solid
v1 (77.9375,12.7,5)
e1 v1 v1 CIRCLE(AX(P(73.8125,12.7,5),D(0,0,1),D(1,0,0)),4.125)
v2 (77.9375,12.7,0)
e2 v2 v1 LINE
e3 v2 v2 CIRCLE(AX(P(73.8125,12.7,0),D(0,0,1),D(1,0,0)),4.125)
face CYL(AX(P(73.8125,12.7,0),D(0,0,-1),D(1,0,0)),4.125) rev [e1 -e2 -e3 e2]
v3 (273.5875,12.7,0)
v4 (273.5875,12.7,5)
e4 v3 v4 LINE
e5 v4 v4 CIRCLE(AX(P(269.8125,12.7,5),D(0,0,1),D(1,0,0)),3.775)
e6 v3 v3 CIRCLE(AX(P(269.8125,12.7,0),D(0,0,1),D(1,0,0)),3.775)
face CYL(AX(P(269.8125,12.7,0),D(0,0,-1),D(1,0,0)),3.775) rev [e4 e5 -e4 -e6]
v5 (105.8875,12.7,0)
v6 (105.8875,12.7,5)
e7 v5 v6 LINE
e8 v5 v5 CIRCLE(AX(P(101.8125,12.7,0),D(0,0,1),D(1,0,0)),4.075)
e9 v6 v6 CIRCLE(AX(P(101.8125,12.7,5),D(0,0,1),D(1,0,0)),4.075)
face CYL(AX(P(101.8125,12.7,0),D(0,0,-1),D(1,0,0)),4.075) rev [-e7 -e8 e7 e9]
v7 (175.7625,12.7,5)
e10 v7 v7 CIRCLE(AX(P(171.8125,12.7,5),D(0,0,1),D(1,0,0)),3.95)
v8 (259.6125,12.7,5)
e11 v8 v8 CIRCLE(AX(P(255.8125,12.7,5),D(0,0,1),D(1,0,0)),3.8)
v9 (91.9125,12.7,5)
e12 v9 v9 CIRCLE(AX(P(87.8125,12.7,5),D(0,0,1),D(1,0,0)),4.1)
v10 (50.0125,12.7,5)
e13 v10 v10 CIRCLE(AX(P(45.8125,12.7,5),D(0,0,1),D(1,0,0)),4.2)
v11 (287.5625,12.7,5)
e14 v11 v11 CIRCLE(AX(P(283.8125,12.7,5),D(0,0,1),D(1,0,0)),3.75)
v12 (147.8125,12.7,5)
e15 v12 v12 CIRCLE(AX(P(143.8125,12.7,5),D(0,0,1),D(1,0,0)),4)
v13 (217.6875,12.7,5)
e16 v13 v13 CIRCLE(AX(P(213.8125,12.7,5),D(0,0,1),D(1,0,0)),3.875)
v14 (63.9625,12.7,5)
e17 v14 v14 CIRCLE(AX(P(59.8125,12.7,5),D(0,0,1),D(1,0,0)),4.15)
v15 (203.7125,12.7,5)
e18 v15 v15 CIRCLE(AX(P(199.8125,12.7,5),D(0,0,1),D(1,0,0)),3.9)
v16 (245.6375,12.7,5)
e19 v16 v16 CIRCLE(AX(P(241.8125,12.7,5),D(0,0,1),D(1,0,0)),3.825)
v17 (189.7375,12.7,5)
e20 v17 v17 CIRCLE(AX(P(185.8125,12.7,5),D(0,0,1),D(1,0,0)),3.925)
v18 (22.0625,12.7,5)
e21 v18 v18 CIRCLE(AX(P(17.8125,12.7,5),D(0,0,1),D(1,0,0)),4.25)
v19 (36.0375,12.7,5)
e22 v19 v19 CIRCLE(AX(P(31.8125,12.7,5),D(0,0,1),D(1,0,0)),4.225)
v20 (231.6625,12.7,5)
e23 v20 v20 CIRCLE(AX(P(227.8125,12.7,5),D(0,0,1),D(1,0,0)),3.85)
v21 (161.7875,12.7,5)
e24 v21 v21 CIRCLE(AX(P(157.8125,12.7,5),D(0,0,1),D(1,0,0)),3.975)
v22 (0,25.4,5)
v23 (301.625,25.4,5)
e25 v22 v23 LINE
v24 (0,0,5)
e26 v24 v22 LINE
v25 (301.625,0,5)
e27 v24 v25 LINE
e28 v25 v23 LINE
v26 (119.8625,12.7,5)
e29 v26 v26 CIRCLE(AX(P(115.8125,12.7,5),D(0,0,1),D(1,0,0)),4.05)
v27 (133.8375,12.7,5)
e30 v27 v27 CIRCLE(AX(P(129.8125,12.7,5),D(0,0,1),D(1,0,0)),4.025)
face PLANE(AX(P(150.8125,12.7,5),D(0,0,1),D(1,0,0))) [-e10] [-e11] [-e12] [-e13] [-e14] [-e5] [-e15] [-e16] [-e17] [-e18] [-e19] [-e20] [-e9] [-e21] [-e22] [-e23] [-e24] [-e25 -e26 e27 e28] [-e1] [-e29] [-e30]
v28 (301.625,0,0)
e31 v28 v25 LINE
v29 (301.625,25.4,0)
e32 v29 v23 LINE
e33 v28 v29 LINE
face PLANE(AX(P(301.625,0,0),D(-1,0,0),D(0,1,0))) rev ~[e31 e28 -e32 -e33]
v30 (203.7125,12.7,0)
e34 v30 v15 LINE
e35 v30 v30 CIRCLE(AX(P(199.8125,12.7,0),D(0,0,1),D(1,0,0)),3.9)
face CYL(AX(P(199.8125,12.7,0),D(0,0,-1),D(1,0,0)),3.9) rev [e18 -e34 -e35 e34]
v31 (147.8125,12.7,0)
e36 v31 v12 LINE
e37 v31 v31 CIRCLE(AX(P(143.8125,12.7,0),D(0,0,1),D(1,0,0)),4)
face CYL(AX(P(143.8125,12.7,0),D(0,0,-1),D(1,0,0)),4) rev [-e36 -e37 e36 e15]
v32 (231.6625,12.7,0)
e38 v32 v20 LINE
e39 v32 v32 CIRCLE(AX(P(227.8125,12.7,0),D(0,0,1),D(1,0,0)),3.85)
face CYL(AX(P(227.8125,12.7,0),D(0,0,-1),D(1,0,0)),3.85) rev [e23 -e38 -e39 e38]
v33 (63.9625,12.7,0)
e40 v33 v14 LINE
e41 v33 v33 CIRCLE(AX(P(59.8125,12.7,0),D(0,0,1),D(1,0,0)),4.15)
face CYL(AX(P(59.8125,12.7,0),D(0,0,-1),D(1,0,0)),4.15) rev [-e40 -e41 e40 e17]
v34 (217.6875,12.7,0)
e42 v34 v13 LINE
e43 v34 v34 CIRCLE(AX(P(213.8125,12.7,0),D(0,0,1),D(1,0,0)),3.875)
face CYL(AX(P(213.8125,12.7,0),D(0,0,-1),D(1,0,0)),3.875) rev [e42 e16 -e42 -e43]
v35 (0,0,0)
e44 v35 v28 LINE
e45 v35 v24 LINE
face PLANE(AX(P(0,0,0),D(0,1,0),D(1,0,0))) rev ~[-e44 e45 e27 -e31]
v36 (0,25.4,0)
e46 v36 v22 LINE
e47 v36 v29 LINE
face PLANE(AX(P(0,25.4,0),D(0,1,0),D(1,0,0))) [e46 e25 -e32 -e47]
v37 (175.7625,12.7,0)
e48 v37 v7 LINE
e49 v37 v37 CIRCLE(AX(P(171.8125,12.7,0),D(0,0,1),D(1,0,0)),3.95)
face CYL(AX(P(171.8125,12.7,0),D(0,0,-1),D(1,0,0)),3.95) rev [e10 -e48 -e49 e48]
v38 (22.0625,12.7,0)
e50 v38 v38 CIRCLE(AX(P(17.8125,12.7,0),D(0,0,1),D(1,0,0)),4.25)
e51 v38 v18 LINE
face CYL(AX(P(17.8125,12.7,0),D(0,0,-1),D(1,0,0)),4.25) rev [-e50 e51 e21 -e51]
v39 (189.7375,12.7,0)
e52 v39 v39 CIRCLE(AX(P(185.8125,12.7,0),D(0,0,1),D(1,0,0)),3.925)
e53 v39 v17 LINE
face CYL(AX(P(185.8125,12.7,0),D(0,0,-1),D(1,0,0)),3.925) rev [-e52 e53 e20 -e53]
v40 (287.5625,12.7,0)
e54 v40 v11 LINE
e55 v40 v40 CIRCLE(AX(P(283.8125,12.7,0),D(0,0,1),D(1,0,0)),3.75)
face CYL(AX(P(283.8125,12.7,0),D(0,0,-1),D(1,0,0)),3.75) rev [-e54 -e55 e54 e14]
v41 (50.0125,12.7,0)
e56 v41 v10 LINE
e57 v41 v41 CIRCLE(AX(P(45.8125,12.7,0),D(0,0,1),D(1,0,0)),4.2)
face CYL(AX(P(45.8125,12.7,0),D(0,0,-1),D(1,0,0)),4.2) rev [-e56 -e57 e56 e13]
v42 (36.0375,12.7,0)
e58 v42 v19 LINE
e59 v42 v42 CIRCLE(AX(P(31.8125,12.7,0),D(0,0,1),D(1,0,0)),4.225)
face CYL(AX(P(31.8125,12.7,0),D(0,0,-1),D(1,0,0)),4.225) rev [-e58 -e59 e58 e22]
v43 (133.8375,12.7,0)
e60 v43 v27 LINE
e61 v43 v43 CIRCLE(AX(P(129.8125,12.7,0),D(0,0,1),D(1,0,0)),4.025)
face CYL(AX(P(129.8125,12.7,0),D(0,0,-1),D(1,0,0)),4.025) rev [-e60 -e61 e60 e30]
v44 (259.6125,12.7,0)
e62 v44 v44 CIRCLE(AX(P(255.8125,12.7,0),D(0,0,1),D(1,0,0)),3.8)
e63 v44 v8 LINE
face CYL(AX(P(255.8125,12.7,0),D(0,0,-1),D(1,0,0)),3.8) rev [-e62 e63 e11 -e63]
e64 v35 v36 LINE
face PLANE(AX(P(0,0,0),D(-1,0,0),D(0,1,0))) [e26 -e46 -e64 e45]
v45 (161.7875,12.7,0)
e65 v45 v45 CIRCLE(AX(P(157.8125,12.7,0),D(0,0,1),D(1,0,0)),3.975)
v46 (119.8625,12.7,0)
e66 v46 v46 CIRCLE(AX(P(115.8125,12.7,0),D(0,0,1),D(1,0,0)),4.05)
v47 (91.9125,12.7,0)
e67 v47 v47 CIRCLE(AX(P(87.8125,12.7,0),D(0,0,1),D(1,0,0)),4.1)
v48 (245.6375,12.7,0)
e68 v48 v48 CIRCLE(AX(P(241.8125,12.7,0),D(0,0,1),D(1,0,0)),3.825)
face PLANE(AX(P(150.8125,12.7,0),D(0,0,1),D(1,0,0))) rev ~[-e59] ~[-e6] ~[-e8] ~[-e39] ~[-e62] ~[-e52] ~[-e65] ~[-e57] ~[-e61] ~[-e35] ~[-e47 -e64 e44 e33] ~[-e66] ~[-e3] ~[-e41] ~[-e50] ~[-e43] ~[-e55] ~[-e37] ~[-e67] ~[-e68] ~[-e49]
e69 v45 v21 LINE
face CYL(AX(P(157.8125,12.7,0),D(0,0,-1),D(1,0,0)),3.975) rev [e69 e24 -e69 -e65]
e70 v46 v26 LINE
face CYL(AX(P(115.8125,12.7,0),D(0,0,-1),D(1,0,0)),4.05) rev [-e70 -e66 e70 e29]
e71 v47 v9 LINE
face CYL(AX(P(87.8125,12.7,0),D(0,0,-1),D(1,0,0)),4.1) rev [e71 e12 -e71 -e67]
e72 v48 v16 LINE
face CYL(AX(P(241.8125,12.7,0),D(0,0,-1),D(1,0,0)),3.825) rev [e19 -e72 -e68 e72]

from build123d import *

# Parameters (mm, degrees)
F0_W     = 301.625
F0_H     = 25.4
F0_R     = 4.25
F0_R_2   = 4.225
F0_R_3   = 4.2
F0_R_4   = 4.15
F0_R_5   = 4.125
F0_R_6   = 4.1
F0_R_7   = 4.075
F0_R_8   = 4.05
F0_R_9   = 4.025
F0_R_10  = 4
F0_R_11  = 3.975
F0_R_12  = 3.95
F0_R_13  = 3.925
F0_R_14  = 3.9
F0_R_15  = 3.875
F0_R_16  = 3.85
F0_R_17  = 3.825
F0_R_18  = 3.8
F0_R_19  = 3.775
F0_R_20  = 3.75
F1_DEPTH = 5


with BuildPart() as f1:
    # F0 (on Top) → F1 (new body)
    with BuildSketch(Plane.XY):
        with Locations((150.8125, 12.7)):
            Rectangle(F0_W, F0_H)
        with Locations((17.8125, 12.7)):
            Circle(F0_R, mode=Mode.SUBTRACT)
        with Locations((31.8125, 12.7)):
            Circle(F0_R_2, mode=Mode.SUBTRACT)
        with Locations((45.8125, 12.7)):
            Circle(F0_R_3, mode=Mode.SUBTRACT)
        with Locations((59.8125, 12.7)):
            Circle(F0_R_4, mode=Mode.SUBTRACT)
        with Locations((73.8125, 12.7)):
            Circle(F0_R_5, mode=Mode.SUBTRACT)
        with Locations((87.8125, 12.7)):
            Circle(F0_R_6, mode=Mode.SUBTRACT)
        with Locations((101.8125, 12.7)):
            Circle(F0_R_7, mode=Mode.SUBTRACT)
        with Locations((115.8125, 12.7)):
            Circle(F0_R_8, mode=Mode.SUBTRACT)
        with Locations((129.8125, 12.7)):
            Circle(F0_R_9, mode=Mode.SUBTRACT)
        with Locations((143.8125, 12.7)):
            Circle(F0_R_10, mode=Mode.SUBTRACT)
        with Locations((157.8125, 12.7)):
            Circle(F0_R_11, mode=Mode.SUBTRACT)
        with Locations((171.8125, 12.7)):
            Circle(F0_R_12, mode=Mode.SUBTRACT)
        with Locations((185.8125, 12.7)):
            Circle(F0_R_13, mode=Mode.SUBTRACT)
        with Locations((199.8125, 12.7)):
            Circle(F0_R_14, mode=Mode.SUBTRACT)
        with Locations((213.8125, 12.7)):
            Circle(F0_R_15, mode=Mode.SUBTRACT)
        with Locations((227.8125, 12.7)):
            Circle(F0_R_16, mode=Mode.SUBTRACT)
        with Locations((241.8125, 12.7)):
            Circle(F0_R_17, mode=Mode.SUBTRACT)
        with Locations((255.8125, 12.7)):
            Circle(F0_R_18, mode=Mode.SUBTRACT)
        with Locations((269.8125, 12.7)):
            Circle(F0_R_19, mode=Mode.SUBTRACT)
        with Locations((283.8125, 12.7)):
            Circle(F0_R_20, mode=Mode.SUBTRACT)
    extrude(amount=F1_DEPTH)


solid = f1.part
